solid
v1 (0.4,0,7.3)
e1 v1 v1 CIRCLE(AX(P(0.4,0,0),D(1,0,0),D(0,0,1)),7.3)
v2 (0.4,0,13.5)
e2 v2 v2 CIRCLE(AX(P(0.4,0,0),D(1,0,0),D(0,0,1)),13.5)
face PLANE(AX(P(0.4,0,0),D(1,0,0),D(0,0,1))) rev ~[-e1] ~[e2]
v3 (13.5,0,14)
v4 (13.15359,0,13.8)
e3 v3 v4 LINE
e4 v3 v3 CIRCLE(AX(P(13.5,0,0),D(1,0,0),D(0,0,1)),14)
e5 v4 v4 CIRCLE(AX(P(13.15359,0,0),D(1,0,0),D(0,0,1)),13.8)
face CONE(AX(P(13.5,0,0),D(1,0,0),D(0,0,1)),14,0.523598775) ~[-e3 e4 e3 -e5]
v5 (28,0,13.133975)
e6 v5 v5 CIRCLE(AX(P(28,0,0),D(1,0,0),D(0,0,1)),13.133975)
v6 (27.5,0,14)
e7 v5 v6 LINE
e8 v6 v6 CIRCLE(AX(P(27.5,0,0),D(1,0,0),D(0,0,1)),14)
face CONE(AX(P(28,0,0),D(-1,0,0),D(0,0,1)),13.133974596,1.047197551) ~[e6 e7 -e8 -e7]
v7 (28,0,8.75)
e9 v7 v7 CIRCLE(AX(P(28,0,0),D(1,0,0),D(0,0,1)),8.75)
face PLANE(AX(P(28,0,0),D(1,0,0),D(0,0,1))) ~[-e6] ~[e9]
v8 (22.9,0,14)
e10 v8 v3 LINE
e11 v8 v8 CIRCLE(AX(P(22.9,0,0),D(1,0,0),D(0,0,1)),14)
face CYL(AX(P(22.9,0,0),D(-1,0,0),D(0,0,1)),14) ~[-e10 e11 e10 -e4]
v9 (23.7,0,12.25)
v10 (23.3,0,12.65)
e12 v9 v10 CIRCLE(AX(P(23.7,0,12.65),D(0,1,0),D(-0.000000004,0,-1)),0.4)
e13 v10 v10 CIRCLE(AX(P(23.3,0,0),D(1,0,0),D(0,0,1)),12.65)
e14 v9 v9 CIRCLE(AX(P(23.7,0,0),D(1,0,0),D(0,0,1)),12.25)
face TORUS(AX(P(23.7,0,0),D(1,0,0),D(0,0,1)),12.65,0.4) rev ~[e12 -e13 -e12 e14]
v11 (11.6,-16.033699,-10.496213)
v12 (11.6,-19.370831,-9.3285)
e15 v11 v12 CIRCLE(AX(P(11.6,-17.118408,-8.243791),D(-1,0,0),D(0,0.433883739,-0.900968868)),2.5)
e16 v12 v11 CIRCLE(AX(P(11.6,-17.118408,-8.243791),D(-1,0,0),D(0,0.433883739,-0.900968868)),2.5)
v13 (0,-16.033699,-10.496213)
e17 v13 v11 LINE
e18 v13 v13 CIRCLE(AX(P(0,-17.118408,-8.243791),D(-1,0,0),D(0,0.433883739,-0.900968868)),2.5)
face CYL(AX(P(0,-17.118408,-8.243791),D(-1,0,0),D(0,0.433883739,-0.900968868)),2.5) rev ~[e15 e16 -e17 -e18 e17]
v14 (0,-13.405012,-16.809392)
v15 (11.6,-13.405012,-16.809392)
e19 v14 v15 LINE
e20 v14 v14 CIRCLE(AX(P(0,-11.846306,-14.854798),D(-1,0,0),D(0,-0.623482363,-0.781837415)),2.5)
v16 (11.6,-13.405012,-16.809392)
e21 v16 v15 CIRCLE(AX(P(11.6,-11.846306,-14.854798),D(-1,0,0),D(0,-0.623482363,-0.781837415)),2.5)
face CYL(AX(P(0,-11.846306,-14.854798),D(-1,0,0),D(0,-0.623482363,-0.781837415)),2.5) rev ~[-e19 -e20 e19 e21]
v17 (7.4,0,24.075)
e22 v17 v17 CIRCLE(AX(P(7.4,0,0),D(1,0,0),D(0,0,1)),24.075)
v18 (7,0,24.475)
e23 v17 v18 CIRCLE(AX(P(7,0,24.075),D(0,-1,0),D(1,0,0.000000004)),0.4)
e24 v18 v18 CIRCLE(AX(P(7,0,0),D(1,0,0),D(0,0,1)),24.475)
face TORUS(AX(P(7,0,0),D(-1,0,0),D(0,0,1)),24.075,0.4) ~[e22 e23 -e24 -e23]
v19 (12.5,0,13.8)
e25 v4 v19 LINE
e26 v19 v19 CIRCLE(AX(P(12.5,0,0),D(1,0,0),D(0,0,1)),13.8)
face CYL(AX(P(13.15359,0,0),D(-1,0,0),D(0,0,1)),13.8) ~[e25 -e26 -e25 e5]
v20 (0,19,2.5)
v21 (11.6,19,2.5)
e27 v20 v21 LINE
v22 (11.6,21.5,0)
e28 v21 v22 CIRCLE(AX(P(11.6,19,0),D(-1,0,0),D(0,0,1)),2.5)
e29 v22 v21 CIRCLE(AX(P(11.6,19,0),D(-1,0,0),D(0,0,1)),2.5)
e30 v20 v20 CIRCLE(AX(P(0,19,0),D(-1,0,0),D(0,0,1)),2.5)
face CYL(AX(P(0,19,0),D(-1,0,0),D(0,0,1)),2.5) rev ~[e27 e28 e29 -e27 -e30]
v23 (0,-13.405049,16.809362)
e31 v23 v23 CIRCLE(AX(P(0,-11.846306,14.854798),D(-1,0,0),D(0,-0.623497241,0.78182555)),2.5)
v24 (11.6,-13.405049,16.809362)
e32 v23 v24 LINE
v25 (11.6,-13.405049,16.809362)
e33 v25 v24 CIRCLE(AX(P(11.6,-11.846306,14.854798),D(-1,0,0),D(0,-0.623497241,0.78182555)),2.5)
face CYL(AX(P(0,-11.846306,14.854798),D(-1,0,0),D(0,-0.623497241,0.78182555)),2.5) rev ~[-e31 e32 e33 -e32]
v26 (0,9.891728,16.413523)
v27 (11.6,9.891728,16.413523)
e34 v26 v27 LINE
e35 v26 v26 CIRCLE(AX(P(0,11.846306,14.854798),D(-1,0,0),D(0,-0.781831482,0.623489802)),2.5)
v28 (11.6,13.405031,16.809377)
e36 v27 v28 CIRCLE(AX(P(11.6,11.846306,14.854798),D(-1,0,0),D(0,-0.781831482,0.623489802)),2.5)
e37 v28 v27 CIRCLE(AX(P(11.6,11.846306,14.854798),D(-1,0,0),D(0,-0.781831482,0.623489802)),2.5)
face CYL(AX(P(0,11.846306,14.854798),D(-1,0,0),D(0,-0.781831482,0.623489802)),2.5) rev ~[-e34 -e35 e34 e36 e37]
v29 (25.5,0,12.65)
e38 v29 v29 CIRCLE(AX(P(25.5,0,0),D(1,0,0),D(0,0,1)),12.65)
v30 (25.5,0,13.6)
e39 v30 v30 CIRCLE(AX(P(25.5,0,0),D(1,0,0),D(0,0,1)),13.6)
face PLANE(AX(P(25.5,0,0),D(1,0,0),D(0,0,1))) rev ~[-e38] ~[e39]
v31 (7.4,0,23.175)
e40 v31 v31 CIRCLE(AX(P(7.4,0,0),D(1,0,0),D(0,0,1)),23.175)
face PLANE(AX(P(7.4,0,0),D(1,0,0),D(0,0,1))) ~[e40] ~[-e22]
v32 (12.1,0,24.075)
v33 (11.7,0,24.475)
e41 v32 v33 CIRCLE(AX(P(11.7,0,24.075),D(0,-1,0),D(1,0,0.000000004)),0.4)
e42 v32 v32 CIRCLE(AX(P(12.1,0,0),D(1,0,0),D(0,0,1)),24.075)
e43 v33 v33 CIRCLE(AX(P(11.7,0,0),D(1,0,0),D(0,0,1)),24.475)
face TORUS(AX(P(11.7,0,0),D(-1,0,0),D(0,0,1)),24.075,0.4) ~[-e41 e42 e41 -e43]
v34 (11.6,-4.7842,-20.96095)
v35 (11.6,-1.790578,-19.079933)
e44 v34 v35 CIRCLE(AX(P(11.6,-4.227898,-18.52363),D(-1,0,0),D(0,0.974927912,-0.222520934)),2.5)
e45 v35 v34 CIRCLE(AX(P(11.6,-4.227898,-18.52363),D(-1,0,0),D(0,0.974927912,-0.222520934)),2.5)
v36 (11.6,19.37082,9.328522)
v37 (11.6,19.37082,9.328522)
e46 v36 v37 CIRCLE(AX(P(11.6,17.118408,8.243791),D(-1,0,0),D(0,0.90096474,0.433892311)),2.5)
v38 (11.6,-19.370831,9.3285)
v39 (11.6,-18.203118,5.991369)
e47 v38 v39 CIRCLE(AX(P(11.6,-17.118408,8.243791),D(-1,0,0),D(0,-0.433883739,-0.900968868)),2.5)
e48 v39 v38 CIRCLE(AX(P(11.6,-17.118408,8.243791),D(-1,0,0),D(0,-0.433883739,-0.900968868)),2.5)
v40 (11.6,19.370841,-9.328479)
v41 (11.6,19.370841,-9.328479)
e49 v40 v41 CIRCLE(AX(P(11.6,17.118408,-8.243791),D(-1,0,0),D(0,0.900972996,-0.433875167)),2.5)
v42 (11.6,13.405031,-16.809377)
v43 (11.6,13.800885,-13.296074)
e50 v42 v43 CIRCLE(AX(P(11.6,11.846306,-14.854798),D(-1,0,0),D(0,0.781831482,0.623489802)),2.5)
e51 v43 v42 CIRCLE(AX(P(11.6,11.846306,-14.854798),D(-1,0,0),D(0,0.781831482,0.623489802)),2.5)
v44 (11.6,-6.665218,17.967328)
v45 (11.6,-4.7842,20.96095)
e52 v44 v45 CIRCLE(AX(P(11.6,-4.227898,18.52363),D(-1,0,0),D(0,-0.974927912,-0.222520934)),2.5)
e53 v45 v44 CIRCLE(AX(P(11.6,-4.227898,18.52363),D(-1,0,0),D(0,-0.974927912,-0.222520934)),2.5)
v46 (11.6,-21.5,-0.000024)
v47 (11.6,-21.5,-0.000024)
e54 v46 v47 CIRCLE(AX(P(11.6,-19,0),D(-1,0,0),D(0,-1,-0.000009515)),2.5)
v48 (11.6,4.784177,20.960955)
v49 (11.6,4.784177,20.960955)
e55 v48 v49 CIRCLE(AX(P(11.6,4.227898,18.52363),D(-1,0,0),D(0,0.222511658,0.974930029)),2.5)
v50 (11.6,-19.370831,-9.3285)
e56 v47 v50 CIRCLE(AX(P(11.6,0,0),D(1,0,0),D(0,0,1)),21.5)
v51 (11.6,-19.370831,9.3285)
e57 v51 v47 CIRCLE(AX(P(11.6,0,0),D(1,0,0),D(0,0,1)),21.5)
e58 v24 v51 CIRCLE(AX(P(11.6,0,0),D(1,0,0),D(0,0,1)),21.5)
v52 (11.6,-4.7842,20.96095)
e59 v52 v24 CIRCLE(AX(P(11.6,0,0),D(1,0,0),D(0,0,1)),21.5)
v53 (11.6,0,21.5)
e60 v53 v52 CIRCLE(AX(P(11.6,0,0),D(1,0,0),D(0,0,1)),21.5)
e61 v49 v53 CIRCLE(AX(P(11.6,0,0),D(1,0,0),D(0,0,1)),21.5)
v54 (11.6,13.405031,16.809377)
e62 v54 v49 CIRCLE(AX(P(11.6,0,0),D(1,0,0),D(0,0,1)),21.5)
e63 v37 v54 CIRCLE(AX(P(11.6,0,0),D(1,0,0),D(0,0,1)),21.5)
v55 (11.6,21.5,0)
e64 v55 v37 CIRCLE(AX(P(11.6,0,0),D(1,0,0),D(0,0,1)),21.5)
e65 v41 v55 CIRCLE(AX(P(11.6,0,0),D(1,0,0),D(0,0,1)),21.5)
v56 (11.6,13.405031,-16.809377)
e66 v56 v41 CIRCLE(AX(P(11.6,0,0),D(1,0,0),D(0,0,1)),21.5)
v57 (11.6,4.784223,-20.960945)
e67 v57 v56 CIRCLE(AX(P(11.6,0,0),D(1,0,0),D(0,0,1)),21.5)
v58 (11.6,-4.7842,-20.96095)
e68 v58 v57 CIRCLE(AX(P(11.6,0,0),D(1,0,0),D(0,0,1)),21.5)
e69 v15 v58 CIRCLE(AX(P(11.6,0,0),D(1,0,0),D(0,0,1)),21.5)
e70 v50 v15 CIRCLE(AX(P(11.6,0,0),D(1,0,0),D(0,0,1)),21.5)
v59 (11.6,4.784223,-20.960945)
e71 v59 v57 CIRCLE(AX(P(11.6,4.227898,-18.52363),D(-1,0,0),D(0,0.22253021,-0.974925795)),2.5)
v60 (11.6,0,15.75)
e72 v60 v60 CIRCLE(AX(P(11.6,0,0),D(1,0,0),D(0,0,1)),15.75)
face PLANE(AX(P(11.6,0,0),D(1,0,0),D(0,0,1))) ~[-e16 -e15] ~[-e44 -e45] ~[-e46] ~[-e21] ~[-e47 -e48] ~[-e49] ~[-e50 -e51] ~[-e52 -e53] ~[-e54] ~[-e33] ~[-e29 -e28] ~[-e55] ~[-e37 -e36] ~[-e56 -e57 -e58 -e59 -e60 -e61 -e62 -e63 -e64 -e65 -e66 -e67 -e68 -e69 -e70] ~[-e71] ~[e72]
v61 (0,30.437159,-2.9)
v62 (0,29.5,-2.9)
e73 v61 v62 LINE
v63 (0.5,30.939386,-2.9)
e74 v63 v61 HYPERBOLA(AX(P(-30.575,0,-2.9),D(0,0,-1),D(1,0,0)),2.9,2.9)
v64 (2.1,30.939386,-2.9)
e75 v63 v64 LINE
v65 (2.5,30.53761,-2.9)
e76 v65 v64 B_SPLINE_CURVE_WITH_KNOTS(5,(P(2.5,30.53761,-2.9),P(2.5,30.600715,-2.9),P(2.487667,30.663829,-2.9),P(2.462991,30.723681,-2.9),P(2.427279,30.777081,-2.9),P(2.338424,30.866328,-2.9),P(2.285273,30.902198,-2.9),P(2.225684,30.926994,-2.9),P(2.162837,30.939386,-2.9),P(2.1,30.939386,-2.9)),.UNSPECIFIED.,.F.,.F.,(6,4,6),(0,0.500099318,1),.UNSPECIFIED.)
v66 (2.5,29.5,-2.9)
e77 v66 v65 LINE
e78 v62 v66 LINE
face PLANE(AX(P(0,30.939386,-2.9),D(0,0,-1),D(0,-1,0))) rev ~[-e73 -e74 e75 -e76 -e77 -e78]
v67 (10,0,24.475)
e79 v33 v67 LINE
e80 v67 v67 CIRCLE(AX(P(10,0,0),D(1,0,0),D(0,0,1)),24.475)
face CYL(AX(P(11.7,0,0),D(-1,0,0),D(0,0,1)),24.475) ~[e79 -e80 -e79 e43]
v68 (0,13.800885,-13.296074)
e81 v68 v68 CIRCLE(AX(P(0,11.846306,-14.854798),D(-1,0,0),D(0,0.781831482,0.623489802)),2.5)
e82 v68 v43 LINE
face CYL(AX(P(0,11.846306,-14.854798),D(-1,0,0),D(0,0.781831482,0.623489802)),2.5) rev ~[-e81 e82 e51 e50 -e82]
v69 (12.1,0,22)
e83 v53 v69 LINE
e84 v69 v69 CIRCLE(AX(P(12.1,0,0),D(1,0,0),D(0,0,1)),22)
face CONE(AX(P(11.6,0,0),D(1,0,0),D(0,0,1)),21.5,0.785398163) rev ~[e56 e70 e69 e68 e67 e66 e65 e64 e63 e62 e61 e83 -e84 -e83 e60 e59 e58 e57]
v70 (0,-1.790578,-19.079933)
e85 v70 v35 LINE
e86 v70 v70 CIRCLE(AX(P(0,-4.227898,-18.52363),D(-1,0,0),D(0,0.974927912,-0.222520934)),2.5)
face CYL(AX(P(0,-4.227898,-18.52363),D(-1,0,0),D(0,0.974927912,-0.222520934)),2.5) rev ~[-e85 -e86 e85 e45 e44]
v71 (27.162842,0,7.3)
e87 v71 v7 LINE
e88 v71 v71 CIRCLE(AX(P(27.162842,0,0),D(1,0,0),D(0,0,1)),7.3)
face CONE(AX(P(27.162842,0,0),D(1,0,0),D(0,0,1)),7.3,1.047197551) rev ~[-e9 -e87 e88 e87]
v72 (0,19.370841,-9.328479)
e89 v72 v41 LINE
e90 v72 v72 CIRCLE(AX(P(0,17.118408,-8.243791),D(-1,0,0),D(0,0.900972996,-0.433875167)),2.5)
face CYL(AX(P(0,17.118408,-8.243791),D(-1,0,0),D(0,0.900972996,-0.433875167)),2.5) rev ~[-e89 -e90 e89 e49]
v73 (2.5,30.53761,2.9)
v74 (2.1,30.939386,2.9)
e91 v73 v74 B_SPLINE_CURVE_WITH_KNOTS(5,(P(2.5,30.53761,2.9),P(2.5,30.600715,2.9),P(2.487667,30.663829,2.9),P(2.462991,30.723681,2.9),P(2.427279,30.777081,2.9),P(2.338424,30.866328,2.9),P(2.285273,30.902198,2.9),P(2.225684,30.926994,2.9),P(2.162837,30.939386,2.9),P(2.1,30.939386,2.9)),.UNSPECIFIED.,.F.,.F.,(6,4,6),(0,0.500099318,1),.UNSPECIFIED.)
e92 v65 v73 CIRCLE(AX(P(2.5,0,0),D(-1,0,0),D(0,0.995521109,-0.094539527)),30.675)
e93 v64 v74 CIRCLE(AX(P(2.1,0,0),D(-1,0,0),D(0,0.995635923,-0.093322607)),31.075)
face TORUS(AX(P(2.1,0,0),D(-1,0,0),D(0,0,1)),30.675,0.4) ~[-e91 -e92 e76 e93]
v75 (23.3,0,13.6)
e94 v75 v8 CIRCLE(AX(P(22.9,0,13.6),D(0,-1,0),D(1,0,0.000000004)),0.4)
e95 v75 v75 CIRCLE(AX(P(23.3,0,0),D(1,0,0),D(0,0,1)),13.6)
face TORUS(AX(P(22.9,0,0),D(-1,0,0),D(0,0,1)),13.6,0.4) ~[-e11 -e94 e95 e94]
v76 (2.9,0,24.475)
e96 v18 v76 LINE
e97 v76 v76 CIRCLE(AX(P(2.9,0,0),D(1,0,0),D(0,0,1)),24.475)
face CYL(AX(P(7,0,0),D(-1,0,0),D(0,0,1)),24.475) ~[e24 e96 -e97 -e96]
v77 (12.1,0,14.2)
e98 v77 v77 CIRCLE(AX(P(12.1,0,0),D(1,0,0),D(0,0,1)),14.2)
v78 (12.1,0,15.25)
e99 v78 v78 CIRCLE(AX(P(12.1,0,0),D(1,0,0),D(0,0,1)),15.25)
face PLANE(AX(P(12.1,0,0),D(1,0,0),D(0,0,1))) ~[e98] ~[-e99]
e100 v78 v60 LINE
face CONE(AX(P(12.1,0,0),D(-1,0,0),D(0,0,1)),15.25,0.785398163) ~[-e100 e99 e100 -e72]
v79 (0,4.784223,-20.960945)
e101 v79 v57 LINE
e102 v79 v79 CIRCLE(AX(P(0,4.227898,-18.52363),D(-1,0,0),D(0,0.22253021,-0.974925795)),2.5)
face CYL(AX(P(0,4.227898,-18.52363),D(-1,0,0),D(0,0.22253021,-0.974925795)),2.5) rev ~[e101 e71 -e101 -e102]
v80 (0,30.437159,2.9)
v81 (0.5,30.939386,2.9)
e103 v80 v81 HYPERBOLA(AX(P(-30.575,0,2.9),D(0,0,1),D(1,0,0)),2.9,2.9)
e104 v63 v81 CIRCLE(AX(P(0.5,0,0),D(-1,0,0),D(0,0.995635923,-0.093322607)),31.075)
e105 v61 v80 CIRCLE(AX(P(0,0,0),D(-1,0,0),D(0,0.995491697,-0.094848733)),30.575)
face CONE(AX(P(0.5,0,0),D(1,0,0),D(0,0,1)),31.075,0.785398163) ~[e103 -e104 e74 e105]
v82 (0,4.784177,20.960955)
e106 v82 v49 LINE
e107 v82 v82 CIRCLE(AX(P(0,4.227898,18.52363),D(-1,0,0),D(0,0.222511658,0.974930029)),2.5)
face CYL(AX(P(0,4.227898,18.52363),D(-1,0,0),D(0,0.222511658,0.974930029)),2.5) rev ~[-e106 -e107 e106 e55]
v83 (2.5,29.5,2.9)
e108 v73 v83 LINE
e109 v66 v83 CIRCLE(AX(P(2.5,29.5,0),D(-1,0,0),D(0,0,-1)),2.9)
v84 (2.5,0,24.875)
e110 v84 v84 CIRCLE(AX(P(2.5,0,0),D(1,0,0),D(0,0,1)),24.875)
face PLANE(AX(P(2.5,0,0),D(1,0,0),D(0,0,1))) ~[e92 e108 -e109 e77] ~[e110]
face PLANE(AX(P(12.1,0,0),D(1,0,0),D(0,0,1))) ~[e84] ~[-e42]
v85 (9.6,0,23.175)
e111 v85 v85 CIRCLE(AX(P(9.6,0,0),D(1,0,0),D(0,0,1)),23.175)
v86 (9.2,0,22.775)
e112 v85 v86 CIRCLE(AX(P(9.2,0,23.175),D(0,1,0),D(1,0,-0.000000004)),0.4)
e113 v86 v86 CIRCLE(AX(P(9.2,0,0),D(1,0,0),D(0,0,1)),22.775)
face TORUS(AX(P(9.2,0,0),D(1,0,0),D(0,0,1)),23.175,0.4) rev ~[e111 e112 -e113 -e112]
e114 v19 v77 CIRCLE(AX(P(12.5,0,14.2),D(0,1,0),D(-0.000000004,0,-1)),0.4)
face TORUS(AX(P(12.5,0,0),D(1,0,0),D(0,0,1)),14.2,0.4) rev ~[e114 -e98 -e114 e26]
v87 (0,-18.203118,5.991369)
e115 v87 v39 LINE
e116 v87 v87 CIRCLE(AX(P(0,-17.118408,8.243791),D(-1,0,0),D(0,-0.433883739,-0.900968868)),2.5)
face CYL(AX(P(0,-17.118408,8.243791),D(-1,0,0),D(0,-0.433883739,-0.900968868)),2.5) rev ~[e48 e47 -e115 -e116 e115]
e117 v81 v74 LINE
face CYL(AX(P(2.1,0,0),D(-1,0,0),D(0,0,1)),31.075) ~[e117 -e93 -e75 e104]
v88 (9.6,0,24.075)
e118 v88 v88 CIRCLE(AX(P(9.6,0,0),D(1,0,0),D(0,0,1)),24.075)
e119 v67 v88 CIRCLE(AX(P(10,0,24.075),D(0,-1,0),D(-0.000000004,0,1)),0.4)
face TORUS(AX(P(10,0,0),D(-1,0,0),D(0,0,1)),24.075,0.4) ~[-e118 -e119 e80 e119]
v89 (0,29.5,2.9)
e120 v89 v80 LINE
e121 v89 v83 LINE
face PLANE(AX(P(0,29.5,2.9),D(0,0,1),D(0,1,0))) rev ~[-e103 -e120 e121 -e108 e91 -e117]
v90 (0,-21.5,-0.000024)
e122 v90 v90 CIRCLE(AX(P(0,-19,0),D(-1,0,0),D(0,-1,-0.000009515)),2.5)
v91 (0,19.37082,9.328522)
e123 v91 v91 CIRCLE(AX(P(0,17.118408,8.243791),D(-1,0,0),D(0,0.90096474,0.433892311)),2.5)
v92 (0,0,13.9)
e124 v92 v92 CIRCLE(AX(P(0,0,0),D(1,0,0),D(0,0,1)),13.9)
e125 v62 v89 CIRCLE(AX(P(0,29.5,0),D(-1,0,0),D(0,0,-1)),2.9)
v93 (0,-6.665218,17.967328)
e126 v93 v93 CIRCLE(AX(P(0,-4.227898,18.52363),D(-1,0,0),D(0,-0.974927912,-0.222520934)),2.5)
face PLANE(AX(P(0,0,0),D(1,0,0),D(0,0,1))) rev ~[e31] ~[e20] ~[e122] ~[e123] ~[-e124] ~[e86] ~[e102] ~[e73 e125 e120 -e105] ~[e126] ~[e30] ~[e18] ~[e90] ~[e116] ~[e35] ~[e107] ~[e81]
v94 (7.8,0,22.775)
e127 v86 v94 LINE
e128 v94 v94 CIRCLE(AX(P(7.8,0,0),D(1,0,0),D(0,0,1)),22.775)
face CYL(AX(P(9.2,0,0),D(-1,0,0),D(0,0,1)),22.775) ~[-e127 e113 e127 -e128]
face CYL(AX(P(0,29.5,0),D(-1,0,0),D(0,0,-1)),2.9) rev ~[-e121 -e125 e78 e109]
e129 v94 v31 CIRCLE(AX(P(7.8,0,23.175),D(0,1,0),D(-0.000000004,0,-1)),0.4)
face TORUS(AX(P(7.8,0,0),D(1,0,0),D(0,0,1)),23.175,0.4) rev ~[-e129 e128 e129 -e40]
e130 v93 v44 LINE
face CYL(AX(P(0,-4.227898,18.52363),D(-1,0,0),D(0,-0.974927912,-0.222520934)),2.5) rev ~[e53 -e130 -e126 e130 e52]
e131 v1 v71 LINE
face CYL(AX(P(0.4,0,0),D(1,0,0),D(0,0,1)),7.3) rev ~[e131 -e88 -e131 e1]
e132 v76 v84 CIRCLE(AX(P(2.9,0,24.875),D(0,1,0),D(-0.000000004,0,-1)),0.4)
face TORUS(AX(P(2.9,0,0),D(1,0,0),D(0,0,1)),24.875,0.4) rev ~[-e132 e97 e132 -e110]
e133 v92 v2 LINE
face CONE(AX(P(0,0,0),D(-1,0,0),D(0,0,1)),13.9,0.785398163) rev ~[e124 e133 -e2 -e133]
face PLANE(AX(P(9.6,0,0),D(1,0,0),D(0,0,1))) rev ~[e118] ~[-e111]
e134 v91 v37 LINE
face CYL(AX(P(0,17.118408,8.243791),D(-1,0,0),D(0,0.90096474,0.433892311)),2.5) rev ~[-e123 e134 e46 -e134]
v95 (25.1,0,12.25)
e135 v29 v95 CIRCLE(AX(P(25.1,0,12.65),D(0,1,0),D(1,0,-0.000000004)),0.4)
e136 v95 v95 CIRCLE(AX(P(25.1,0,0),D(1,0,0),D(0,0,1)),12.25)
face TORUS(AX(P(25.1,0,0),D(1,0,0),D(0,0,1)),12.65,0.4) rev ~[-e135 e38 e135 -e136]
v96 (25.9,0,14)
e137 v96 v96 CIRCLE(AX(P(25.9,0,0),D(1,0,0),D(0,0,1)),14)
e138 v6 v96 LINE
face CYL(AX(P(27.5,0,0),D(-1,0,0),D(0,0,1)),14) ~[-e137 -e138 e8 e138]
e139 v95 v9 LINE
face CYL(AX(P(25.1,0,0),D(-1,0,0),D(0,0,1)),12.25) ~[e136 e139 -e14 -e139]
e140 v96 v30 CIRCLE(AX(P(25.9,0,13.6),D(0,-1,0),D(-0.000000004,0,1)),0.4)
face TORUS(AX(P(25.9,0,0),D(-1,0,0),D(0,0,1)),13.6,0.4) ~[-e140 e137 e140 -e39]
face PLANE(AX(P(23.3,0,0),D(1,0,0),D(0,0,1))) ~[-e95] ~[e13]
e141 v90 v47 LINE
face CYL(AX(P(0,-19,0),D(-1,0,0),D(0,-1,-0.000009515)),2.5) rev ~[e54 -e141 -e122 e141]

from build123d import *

# Parameters (mm, degrees)
EXTRUDE1_REACH    = 54.109
SKETCH2_R         = 2.5
EXTRUDE2_REACH    = 54.109
CIRPATTERN1_COUNT = 7


with BuildPart() as part:
    # Sketch1 → Revolve1 (revolve)
    with BuildSketch(Plane.XY, mode=Mode.PRIVATE) as revolve1_sk:
        with BuildLine():
            Line((0.4, 7.3), (27.16284211, 7.3))
            Line((27.16284211, 7.3), (28, 8.75))
            Line((28, 8.75), (28, 13.133974596))
            Line((28, 13.133974596), (27.5, 14))
            Line((27.5, 14), (25.9, 14))
            ThreePointArc((25.9, 14), (25.617157288, 13.882842712), (25.5, 13.6))
            Line((25.5, 13.6), (25.5, 12.65))
            ThreePointArc((25.5, 12.65), (25.382842712, 12.367157288), (25.1, 12.25))
            Line((25.1, 12.25), (23.7, 12.25))
            ThreePointArc((23.7, 12.25), (23.417157288, 12.367157288), (23.3, 12.65))
            Line((23.3, 12.65), (23.3, 13.6))
            ThreePointArc((23.3, 13.6), (23.182842712, 13.882842712), (22.9, 14))
            Line((22.9, 14), (13.5, 14))
            Line((13.5, 14), (13.153589838, 13.8))
            Line((13.153589838, 13.8), (12.5, 13.8))
            ThreePointArc((12.5, 13.8), (12.217157288, 13.917157288), (12.1, 14.2))
            Line((12.1, 14.2), (12.1, 15.25))
            Line((12.1, 15.25), (11.6, 15.75))
            Line((11.6, 15.75), (11.6, 21.5))
            Line((11.6, 21.5), (12.1, 22))
            Line((12.1, 22), (12.1, 24.075))
            ThreePointArc((12.1, 24.075), (11.982842712, 24.357842712), (11.7, 24.475))
            Line((11.7, 24.475), (10, 24.475))
            ThreePointArc((10, 24.475), (9.717157288, 24.357842712), (9.6, 24.075))
            Line((9.6, 24.075), (9.6, 23.175))
            ThreePointArc((9.6, 23.175), (9.482842712, 22.892157288), (9.2, 22.775))
            Line((9.2, 22.775), (7.8, 22.775))
            ThreePointArc((7.8, 22.775), (7.517157288, 22.892157288), (7.4, 23.175))
            Line((7.4, 23.175), (7.4, 24.075))
            ThreePointArc((7.4, 24.075), (7.282842712, 24.357842712), (7, 24.475))
            Line((7, 24.475), (2.9, 24.475))
            ThreePointArc((2.9, 24.475), (2.617157288, 24.592157288), (2.5, 24.875))
            Line((2.5, 24.875), (2.5, 30.675))
            ThreePointArc((2.5, 30.675), (2.382842712, 30.957842712), (2.1, 31.075))
            Line((2.1, 31.075), (0.5, 31.075))
            Line((0.5, 31.075), (0, 30.575))
            Line((0, 30.575), (0, 13.9))
            Line((0, 13.9), (0.4, 13.5))
            Line((0.4, 13.5), (0.4, 7.3))
        make_face()
    revolve(revolve1_sk.sketch.rotate(Axis((0, 0, 0), (1, 0, 0)), 90), axis=Axis((0, 0, 0), (1, 0, 0)))

    # Sketch2 → Extrude1 (cut, up to next)
    with BuildSketch(Plane.ZY, mode=Mode.PRIVATE) as extrude1_sk1:
        with Locations((0, 19)):
            Circle(SKETCH2_R)
    extrude1_tool1 = extrude(extrude1_sk1.sketch, amount=-EXTRUDE1_REACH, mode=Mode.PRIVATE) & part.part
    # Sketch2 → Extrude1 (cut, up to next)
    with BuildSketch(Plane.ZY, mode=Mode.PRIVATE) as extrude1_sk2:
        with Locations(Location((0, -19, 0), (0, 0, 269.999454858))):
            Circle(SKETCH2_R)
    extrude1_tool2 = extrude(extrude1_sk2.sketch, amount=-EXTRUDE1_REACH, mode=Mode.PRIVATE) & part.part
    extrude1_1 = extrude1_tool1.solids().sort_by_distance((0, 19, 0))[0]
    add(extrude1_1, mode=Mode.SUBTRACT)
    extrude1_2 = extrude1_tool2.solids().sort_by_distance((0, -19, 0))[0]
    add(extrude1_2, mode=Mode.SUBTRACT)
    extrude1 = extrude1_1 + extrude1_2  # Extrude1 as one shape, for the pattern or mirror that repeats it

    # Sketch3 → Extrude2 (cut, up to next)
    with BuildSketch(Plane.ZY, mode=Mode.PRIVATE) as extrude2_sk1:
        with BuildLine():
            Line((2.9, 29.5), (2.9, 30.939386306))
            ThreePointArc((2.9, 30.939386306), (0, 31.075), (-2.9, 30.939386306))
            Line((-2.9, 30.939386306), (-2.9, 29.5))
            ThreePointArc((-2.9, 29.5), (0, 26.6), (2.9, 29.5))
        make_face()
    extrude2_tool1 = extrude(extrude2_sk1.sketch, amount=-EXTRUDE2_REACH, mode=Mode.PRIVATE) & part.part
    add(extrude2_tool1.solids().sort_by_distance((0, 29.071287, 0))[0], mode=Mode.SUBTRACT)

    # CirPattern1: Extrude1 ×7 about axis
    cirpattern1_axis = Axis((0, 0, 0), (1, 0, 0))
    for i in range(1, CIRPATTERN1_COUNT):
        add(extrude1.rotate(cirpattern1_axis, i * 360 / CIRPATTERN1_COUNT), mode=Mode.SUBTRACT)


solid = part.part
